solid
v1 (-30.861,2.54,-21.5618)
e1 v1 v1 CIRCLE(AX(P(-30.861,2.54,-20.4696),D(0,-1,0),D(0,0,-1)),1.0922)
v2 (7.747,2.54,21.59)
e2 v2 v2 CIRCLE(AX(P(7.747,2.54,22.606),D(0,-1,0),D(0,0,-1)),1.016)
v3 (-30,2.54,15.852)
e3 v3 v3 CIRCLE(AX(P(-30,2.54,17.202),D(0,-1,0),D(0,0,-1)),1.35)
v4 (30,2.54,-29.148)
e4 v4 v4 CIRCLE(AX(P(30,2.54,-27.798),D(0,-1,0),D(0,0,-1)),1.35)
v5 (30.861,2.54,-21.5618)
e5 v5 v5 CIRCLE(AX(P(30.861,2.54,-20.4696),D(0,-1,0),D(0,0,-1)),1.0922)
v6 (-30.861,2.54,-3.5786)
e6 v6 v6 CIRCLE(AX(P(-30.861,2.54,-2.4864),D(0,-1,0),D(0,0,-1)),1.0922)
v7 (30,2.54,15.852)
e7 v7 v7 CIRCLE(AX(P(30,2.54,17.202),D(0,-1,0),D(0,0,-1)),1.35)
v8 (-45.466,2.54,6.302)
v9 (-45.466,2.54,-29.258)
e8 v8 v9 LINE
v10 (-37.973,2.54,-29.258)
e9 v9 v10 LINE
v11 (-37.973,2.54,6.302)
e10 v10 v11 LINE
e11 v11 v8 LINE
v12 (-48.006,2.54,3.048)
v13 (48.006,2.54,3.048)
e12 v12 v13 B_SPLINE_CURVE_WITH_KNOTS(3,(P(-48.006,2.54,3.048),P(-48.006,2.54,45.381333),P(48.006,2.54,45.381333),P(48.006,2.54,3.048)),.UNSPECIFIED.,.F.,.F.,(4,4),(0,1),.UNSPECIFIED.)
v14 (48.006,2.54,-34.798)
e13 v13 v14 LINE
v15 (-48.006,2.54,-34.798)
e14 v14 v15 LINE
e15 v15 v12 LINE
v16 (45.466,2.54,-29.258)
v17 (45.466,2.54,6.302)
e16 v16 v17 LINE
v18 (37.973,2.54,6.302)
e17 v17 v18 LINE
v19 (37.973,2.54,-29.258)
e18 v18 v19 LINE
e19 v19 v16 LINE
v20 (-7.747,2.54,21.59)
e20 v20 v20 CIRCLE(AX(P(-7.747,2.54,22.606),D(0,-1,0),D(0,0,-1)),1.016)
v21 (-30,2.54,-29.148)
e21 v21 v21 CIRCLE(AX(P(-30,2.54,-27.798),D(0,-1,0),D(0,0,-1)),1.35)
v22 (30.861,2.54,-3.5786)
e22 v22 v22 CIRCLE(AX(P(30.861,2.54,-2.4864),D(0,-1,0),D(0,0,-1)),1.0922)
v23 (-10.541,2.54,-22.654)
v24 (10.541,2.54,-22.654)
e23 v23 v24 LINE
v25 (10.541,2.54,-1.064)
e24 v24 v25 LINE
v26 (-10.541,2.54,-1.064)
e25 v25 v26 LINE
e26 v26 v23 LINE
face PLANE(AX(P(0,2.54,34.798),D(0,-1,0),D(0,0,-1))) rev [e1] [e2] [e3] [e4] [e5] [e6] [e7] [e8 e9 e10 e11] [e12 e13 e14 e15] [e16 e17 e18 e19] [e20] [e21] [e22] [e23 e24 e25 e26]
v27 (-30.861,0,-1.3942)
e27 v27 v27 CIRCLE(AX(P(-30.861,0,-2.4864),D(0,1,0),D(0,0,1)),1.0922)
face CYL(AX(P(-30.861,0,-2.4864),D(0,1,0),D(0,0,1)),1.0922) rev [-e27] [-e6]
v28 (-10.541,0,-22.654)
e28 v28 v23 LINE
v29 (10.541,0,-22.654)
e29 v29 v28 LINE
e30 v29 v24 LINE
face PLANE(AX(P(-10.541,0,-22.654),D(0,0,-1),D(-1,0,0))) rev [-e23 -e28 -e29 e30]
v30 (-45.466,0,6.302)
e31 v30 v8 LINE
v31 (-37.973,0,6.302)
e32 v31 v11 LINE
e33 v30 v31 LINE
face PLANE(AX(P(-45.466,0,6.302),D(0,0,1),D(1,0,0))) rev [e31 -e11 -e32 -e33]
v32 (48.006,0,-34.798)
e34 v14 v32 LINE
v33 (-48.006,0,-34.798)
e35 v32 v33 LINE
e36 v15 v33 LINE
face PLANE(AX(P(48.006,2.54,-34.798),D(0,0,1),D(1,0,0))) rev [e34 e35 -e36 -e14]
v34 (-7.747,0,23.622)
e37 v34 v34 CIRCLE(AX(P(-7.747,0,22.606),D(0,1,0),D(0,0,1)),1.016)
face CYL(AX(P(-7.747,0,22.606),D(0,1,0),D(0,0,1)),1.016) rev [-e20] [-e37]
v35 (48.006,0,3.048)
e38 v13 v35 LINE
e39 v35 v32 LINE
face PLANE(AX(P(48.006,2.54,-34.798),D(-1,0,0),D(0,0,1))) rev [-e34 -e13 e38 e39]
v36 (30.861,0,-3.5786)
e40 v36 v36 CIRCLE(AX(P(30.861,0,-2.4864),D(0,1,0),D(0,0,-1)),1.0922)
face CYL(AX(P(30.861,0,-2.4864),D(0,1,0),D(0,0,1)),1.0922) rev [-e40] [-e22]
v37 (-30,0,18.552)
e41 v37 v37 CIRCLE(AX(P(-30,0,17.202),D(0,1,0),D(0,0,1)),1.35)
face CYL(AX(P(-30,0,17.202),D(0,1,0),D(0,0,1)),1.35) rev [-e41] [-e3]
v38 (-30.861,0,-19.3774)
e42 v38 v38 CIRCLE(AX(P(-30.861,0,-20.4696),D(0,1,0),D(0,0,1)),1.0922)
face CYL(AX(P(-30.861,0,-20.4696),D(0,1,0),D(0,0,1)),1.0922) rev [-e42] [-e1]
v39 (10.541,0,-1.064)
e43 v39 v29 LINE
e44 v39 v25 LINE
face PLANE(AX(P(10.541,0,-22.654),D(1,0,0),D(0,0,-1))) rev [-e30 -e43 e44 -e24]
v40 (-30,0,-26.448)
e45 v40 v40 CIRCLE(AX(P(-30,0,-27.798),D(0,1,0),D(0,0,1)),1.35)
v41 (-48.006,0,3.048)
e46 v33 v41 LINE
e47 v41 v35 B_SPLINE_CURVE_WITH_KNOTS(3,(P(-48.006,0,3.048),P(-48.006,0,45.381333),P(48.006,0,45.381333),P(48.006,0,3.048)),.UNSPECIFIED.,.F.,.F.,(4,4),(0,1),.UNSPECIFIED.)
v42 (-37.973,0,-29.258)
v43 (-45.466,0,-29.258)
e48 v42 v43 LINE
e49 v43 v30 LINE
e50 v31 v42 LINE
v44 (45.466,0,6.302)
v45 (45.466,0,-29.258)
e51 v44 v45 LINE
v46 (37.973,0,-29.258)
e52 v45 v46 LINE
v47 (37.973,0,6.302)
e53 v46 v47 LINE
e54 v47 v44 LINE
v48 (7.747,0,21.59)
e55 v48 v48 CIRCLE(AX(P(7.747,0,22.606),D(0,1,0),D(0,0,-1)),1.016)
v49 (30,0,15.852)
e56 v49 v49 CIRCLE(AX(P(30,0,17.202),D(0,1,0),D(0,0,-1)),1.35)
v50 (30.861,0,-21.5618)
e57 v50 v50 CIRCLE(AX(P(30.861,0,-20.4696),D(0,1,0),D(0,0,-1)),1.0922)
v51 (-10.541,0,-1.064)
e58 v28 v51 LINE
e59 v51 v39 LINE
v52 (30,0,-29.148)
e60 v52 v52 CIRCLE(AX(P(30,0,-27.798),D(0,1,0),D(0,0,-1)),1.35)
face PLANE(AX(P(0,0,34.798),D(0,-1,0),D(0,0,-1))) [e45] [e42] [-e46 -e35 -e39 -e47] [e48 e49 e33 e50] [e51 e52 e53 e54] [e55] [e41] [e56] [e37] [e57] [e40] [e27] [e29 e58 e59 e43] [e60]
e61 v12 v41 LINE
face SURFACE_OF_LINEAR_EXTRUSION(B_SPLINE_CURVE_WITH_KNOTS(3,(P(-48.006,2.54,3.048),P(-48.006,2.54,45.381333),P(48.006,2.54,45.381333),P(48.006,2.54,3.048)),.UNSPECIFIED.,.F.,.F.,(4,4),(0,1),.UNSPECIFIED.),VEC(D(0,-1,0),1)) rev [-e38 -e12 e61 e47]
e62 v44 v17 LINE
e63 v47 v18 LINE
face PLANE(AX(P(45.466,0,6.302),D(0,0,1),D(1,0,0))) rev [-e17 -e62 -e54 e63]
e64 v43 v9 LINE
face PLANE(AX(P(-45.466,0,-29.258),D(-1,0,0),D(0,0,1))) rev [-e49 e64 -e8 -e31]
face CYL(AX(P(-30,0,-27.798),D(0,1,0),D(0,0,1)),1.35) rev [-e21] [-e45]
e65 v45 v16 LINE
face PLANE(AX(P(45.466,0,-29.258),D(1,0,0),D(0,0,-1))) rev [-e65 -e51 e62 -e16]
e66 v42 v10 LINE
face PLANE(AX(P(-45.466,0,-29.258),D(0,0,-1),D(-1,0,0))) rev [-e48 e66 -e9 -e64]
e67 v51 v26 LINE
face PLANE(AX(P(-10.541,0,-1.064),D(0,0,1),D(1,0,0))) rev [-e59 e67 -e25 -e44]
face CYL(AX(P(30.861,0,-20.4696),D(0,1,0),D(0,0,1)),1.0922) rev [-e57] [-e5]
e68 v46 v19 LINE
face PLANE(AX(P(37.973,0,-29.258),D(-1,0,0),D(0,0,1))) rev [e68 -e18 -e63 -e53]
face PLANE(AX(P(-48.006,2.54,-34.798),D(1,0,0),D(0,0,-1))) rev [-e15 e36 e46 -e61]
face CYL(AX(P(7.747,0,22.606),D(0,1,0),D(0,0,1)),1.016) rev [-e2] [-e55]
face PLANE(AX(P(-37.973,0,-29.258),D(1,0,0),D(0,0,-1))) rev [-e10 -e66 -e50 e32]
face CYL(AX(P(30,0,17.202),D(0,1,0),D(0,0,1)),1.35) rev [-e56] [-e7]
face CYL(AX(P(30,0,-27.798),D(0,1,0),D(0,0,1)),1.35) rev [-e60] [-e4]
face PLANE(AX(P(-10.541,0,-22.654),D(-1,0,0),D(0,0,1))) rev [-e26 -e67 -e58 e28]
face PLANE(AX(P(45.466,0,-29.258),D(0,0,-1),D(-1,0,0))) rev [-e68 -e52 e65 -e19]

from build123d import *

# Parameters (mm, degrees)
BOSS_EXTRUDE1_DEPTH     = 2.54
CUT_EXTRUDE1_DEPTH      = 60.34583774
CUT_EXTRUDE1_DEPTH_BACK = 60.34583774
SKETCH3_R               = 1.0922
SKETCH3_R_2             = 1.35
SKETCH3_R_3             = 1.016
SKETCH3_W               = 7.493
SKETCH3_H               = 35.56
SKETCH3_W_2             = 21.082
SKETCH3_H_2             = 21.59


with BuildPart() as part:
    # Sketch2 → Boss-Extrude1 (new body)
    with BuildSketch(Plane(origin=(0, 0, 0), x_dir=(1, 0, 0), z_dir=(0, 1, 0))):
        with BuildLine():
            Line((48.006, 34.798), (-48.006, 34.798))
            Line((-48.006, 34.798), (-48.006, -3.048))
            add(Edge.make_bspline(
                [(-48.006, -3.048), (-48.006, -45.381333333), (48.006, -45.381333333), (48.006, -3.048)],
                knots=[0, 0, 0, 0, 1, 1, 1, 1], degree=3))
            Line((48.006, -3.048), (48.006, 34.798))
        make_face()
    extrude(amount=BOSS_EXTRUDE1_DEPTH)

    # Sketch3 → Cut-Extrude1 (cut, two sides: drawn at the far end of the back side and taken through both)
    with BuildSketch(Plane(origin=(0, 2.54, 0), x_dir=(1, 0, 0), z_dir=(0, 1, 0)).offset(-CUT_EXTRUDE1_DEPTH_BACK)):
        with Locations(Location((-30.861, 20.4696, 0), (0, 0, 270))):
            Circle(SKETCH3_R)
        with Locations(Location((-30.861, 2.4864, 0), (0, 0, 270))):
            Circle(SKETCH3_R)
        with Locations(Location((-30, 27.798, 0), (0, 0, 270))):
            Circle(SKETCH3_R_2)
        with Locations(Location((30.861, 2.4864, 0), (0, 0, 90))):
            Circle(SKETCH3_R)
        with Locations(Location((30.861, 20.4696, 0), (0, 0, 90))):
            Circle(SKETCH3_R)
        with Locations(Location((-30, -17.202, 0), (0, 0, 270))):
            Circle(SKETCH3_R_2)
        with Locations(Location((30, -17.202, 0), (0, 0, 90))):
            Circle(SKETCH3_R_2)
        with Locations(Location((30, 27.798, 0), (0, 0, 90))):
            Circle(SKETCH3_R_2)
        with Locations(Location((-7.747, -22.606, 0), (0, 0, 270))):
            Circle(SKETCH3_R_3)
        with Locations(Location((7.747, -22.606, 0), (0, 0, 90))):
            Circle(SKETCH3_R_3)
        with Locations((-41.7195, 11.478)):
            Rectangle(SKETCH3_W, SKETCH3_H)
        with Locations((41.7195, 11.478)):
            Rectangle(SKETCH3_W, SKETCH3_H)
        with Locations((0, 11.859)):
            Rectangle(SKETCH3_W_2, SKETCH3_H_2)
    extrude(amount=CUT_EXTRUDE1_DEPTH + CUT_EXTRUDE1_DEPTH_BACK, mode=Mode.SUBTRACT)


solid = part.part
